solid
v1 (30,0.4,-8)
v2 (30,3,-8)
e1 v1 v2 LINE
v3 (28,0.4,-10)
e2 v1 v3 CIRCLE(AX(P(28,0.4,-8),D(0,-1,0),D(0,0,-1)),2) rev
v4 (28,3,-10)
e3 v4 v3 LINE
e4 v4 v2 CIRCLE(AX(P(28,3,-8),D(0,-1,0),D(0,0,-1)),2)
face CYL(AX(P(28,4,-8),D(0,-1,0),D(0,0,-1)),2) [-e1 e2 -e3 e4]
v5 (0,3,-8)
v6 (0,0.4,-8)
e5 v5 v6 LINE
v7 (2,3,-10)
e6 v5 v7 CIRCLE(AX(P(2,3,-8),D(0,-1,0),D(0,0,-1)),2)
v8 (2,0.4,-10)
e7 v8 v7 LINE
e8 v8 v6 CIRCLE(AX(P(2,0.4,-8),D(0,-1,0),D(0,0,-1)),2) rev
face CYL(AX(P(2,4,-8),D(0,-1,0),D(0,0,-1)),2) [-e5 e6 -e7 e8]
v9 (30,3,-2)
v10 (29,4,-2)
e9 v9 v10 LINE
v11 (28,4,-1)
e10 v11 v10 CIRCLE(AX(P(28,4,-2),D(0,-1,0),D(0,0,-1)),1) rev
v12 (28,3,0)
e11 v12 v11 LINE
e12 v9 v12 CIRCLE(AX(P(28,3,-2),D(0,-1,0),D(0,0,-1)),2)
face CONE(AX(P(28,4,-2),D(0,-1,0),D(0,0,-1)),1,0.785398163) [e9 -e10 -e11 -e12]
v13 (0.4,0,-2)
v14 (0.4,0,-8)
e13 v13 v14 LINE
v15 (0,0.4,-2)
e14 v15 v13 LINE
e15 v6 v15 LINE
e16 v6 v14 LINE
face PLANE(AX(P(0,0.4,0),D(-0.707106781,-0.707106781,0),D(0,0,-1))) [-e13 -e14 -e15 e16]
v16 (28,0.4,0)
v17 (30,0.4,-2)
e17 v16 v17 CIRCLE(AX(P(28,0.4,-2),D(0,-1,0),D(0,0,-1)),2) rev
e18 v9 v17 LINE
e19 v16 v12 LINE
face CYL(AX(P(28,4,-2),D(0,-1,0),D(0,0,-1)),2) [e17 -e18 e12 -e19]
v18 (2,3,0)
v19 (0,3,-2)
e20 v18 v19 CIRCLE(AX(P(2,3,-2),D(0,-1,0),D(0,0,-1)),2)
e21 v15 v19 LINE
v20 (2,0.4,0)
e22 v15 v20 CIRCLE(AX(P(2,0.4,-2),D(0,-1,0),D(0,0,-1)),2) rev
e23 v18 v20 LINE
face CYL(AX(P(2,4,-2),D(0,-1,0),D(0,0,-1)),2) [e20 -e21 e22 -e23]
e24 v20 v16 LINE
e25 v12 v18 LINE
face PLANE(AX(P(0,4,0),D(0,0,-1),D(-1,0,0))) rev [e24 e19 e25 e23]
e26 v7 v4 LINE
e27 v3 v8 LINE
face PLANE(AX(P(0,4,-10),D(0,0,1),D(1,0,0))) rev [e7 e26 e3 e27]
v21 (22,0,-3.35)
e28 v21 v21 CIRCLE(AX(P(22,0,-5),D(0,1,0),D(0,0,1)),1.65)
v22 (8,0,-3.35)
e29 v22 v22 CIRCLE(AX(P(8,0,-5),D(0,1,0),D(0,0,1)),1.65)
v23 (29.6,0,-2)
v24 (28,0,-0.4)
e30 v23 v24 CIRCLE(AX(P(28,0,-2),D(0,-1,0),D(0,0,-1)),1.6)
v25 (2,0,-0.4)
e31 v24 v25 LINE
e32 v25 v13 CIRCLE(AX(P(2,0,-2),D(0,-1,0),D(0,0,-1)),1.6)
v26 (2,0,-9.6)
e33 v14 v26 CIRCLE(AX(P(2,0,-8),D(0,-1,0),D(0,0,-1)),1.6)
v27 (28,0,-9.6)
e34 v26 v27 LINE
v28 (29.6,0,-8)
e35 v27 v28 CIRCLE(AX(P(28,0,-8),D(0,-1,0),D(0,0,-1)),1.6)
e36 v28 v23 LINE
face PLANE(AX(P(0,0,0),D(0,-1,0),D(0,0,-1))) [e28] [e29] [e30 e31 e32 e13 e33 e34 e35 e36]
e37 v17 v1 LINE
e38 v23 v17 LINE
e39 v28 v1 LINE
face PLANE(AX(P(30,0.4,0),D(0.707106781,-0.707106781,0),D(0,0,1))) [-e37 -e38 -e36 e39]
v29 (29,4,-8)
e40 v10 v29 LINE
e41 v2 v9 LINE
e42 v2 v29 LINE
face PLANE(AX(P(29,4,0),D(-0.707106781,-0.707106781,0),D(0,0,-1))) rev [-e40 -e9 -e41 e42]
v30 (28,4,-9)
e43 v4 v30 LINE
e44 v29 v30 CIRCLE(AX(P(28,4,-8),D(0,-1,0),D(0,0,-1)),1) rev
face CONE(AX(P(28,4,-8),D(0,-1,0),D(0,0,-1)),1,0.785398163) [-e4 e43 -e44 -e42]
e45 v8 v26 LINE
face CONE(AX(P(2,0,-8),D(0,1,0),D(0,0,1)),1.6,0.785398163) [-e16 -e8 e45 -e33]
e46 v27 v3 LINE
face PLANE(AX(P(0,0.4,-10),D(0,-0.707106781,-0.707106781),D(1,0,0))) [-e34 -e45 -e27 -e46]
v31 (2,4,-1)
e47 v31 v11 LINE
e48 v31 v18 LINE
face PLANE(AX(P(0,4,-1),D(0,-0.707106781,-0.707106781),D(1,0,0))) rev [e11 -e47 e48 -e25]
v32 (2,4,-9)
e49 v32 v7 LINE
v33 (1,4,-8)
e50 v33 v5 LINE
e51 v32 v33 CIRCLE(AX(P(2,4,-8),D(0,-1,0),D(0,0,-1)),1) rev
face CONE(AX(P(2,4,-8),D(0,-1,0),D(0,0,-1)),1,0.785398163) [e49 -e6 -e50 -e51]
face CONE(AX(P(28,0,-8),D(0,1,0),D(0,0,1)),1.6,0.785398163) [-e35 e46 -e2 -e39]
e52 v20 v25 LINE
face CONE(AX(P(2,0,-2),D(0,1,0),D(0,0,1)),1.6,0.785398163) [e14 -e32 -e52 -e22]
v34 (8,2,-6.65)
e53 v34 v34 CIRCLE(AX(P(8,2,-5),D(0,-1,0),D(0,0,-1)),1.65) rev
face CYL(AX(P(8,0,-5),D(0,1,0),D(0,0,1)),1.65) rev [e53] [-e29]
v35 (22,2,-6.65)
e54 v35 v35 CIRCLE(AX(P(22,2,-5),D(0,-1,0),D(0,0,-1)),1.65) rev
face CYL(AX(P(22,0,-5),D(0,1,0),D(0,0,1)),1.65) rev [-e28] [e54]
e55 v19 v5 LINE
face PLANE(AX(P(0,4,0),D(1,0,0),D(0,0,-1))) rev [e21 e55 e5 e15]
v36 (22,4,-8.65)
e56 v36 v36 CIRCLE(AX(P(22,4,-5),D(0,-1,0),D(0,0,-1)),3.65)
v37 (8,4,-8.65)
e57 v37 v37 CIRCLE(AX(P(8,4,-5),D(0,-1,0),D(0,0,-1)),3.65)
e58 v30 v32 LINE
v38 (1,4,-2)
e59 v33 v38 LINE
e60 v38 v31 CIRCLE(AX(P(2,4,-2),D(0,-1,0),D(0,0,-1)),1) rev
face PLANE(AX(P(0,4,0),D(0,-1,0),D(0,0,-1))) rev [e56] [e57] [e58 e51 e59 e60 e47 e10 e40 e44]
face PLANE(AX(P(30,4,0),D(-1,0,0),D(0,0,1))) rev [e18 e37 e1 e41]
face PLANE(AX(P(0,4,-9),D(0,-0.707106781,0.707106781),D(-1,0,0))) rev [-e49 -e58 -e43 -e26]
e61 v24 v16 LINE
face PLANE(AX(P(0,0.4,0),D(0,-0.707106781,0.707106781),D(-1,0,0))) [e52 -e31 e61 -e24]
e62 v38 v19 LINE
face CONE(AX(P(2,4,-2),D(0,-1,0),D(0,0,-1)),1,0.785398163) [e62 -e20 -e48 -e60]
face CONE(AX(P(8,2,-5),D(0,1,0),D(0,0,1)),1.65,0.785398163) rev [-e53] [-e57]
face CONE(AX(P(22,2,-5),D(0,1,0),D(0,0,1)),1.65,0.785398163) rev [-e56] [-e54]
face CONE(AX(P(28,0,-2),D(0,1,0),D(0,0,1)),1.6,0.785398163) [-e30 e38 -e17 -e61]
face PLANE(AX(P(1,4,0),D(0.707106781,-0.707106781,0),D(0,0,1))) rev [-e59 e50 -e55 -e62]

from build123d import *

# Parameters (mm, degrees)
SKETCH_1_W          = 30
SKETCH_1_H          = 10
EXTRUDE_1_DEPTH     = 4
SKETCH_2_R          = 1.65
CUT_EXTRUDE_1_DEPTH = 32.874754901
CHAMFER_1_SIZE      = 2
FILLET_1_R          = 2
CHAMFER_2_SIZE      = 0.4
CHAMFER_3_SIZE      = 1


with BuildPart() as part:
    # 草图1 → 凸台-拉伸1 (new body)
    with BuildSketch(Plane(origin=(0, 0, 0), x_dir=(1, 0, 0), z_dir=(0, 1, 0))):
        with Locations((15, 5)):
            Rectangle(SKETCH_1_W, SKETCH_1_H)
    extrude(amount=EXTRUDE_1_DEPTH)

    # 草图2 → 切除-拉伸1 (cut, through all)
    with BuildSketch(Plane(origin=(0, 4, 0), x_dir=(1, 0, 0), z_dir=(0, 1, 0))):
        with Locations(Location((8, 5, 0), (0, 0, 270))):
            Circle(SKETCH_2_R)
        with Locations(Location((22, 5, 0), (0, 0, 270))):
            Circle(SKETCH_2_R)
    extrude(amount=-CUT_EXTRUDE_1_DEPTH, mode=Mode.SUBTRACT)

    # 倒角1
    chamfer_1_edges = [part.edges().sort_by_distance(p)[0] for p in [
        (8, 4, -6.65),
        (22, 4, -6.65),
    ]]
    chamfer(chamfer_1_edges, length=CHAMFER_1_SIZE)

    # 圆角1
    fillet_1_edges = [part.edges().sort_by_distance(p)[0] for p in [
        (0, 2, -10),
        (30, 2, -10),
        (30, 2, 0),
        (0, 2, 0),
    ]]
    fillet(fillet_1_edges, radius=FILLET_1_R)

    # 倒角2
    chamfer_2_edges = [part.edges().sort_by_distance(p)[0] for p in [
        (15, 0, -10),
        (0, 0, -5),
        (30, 0, -5),
        (15, 0, 0),
        (0.585786438, 0, -9.414213562),
        (0.585786438, 0, -0.585786438),
        (29.414213562, 0, -0.585786438),
        (29.414213562, 0, -9.414213562),
    ]]
    chamfer(chamfer_2_edges, length=CHAMFER_2_SIZE)

    # 倒角3
    chamfer_3_edges = [part.edges().sort_by_distance(p)[0] for p in [
        (15, 4, -10),
        (30, 4, -5),
        (0, 4, -5),
        (15, 4, 0),
        (0.585786438, 4, -9.414213562),
        (0.585786438, 4, -0.585786438),
        (29.414213562, 4, -0.585786438),
        (29.414213562, 4, -9.414213562),
    ]]
    chamfer(chamfer_3_edges, length=CHAMFER_3_SIZE)


solid = part.part
